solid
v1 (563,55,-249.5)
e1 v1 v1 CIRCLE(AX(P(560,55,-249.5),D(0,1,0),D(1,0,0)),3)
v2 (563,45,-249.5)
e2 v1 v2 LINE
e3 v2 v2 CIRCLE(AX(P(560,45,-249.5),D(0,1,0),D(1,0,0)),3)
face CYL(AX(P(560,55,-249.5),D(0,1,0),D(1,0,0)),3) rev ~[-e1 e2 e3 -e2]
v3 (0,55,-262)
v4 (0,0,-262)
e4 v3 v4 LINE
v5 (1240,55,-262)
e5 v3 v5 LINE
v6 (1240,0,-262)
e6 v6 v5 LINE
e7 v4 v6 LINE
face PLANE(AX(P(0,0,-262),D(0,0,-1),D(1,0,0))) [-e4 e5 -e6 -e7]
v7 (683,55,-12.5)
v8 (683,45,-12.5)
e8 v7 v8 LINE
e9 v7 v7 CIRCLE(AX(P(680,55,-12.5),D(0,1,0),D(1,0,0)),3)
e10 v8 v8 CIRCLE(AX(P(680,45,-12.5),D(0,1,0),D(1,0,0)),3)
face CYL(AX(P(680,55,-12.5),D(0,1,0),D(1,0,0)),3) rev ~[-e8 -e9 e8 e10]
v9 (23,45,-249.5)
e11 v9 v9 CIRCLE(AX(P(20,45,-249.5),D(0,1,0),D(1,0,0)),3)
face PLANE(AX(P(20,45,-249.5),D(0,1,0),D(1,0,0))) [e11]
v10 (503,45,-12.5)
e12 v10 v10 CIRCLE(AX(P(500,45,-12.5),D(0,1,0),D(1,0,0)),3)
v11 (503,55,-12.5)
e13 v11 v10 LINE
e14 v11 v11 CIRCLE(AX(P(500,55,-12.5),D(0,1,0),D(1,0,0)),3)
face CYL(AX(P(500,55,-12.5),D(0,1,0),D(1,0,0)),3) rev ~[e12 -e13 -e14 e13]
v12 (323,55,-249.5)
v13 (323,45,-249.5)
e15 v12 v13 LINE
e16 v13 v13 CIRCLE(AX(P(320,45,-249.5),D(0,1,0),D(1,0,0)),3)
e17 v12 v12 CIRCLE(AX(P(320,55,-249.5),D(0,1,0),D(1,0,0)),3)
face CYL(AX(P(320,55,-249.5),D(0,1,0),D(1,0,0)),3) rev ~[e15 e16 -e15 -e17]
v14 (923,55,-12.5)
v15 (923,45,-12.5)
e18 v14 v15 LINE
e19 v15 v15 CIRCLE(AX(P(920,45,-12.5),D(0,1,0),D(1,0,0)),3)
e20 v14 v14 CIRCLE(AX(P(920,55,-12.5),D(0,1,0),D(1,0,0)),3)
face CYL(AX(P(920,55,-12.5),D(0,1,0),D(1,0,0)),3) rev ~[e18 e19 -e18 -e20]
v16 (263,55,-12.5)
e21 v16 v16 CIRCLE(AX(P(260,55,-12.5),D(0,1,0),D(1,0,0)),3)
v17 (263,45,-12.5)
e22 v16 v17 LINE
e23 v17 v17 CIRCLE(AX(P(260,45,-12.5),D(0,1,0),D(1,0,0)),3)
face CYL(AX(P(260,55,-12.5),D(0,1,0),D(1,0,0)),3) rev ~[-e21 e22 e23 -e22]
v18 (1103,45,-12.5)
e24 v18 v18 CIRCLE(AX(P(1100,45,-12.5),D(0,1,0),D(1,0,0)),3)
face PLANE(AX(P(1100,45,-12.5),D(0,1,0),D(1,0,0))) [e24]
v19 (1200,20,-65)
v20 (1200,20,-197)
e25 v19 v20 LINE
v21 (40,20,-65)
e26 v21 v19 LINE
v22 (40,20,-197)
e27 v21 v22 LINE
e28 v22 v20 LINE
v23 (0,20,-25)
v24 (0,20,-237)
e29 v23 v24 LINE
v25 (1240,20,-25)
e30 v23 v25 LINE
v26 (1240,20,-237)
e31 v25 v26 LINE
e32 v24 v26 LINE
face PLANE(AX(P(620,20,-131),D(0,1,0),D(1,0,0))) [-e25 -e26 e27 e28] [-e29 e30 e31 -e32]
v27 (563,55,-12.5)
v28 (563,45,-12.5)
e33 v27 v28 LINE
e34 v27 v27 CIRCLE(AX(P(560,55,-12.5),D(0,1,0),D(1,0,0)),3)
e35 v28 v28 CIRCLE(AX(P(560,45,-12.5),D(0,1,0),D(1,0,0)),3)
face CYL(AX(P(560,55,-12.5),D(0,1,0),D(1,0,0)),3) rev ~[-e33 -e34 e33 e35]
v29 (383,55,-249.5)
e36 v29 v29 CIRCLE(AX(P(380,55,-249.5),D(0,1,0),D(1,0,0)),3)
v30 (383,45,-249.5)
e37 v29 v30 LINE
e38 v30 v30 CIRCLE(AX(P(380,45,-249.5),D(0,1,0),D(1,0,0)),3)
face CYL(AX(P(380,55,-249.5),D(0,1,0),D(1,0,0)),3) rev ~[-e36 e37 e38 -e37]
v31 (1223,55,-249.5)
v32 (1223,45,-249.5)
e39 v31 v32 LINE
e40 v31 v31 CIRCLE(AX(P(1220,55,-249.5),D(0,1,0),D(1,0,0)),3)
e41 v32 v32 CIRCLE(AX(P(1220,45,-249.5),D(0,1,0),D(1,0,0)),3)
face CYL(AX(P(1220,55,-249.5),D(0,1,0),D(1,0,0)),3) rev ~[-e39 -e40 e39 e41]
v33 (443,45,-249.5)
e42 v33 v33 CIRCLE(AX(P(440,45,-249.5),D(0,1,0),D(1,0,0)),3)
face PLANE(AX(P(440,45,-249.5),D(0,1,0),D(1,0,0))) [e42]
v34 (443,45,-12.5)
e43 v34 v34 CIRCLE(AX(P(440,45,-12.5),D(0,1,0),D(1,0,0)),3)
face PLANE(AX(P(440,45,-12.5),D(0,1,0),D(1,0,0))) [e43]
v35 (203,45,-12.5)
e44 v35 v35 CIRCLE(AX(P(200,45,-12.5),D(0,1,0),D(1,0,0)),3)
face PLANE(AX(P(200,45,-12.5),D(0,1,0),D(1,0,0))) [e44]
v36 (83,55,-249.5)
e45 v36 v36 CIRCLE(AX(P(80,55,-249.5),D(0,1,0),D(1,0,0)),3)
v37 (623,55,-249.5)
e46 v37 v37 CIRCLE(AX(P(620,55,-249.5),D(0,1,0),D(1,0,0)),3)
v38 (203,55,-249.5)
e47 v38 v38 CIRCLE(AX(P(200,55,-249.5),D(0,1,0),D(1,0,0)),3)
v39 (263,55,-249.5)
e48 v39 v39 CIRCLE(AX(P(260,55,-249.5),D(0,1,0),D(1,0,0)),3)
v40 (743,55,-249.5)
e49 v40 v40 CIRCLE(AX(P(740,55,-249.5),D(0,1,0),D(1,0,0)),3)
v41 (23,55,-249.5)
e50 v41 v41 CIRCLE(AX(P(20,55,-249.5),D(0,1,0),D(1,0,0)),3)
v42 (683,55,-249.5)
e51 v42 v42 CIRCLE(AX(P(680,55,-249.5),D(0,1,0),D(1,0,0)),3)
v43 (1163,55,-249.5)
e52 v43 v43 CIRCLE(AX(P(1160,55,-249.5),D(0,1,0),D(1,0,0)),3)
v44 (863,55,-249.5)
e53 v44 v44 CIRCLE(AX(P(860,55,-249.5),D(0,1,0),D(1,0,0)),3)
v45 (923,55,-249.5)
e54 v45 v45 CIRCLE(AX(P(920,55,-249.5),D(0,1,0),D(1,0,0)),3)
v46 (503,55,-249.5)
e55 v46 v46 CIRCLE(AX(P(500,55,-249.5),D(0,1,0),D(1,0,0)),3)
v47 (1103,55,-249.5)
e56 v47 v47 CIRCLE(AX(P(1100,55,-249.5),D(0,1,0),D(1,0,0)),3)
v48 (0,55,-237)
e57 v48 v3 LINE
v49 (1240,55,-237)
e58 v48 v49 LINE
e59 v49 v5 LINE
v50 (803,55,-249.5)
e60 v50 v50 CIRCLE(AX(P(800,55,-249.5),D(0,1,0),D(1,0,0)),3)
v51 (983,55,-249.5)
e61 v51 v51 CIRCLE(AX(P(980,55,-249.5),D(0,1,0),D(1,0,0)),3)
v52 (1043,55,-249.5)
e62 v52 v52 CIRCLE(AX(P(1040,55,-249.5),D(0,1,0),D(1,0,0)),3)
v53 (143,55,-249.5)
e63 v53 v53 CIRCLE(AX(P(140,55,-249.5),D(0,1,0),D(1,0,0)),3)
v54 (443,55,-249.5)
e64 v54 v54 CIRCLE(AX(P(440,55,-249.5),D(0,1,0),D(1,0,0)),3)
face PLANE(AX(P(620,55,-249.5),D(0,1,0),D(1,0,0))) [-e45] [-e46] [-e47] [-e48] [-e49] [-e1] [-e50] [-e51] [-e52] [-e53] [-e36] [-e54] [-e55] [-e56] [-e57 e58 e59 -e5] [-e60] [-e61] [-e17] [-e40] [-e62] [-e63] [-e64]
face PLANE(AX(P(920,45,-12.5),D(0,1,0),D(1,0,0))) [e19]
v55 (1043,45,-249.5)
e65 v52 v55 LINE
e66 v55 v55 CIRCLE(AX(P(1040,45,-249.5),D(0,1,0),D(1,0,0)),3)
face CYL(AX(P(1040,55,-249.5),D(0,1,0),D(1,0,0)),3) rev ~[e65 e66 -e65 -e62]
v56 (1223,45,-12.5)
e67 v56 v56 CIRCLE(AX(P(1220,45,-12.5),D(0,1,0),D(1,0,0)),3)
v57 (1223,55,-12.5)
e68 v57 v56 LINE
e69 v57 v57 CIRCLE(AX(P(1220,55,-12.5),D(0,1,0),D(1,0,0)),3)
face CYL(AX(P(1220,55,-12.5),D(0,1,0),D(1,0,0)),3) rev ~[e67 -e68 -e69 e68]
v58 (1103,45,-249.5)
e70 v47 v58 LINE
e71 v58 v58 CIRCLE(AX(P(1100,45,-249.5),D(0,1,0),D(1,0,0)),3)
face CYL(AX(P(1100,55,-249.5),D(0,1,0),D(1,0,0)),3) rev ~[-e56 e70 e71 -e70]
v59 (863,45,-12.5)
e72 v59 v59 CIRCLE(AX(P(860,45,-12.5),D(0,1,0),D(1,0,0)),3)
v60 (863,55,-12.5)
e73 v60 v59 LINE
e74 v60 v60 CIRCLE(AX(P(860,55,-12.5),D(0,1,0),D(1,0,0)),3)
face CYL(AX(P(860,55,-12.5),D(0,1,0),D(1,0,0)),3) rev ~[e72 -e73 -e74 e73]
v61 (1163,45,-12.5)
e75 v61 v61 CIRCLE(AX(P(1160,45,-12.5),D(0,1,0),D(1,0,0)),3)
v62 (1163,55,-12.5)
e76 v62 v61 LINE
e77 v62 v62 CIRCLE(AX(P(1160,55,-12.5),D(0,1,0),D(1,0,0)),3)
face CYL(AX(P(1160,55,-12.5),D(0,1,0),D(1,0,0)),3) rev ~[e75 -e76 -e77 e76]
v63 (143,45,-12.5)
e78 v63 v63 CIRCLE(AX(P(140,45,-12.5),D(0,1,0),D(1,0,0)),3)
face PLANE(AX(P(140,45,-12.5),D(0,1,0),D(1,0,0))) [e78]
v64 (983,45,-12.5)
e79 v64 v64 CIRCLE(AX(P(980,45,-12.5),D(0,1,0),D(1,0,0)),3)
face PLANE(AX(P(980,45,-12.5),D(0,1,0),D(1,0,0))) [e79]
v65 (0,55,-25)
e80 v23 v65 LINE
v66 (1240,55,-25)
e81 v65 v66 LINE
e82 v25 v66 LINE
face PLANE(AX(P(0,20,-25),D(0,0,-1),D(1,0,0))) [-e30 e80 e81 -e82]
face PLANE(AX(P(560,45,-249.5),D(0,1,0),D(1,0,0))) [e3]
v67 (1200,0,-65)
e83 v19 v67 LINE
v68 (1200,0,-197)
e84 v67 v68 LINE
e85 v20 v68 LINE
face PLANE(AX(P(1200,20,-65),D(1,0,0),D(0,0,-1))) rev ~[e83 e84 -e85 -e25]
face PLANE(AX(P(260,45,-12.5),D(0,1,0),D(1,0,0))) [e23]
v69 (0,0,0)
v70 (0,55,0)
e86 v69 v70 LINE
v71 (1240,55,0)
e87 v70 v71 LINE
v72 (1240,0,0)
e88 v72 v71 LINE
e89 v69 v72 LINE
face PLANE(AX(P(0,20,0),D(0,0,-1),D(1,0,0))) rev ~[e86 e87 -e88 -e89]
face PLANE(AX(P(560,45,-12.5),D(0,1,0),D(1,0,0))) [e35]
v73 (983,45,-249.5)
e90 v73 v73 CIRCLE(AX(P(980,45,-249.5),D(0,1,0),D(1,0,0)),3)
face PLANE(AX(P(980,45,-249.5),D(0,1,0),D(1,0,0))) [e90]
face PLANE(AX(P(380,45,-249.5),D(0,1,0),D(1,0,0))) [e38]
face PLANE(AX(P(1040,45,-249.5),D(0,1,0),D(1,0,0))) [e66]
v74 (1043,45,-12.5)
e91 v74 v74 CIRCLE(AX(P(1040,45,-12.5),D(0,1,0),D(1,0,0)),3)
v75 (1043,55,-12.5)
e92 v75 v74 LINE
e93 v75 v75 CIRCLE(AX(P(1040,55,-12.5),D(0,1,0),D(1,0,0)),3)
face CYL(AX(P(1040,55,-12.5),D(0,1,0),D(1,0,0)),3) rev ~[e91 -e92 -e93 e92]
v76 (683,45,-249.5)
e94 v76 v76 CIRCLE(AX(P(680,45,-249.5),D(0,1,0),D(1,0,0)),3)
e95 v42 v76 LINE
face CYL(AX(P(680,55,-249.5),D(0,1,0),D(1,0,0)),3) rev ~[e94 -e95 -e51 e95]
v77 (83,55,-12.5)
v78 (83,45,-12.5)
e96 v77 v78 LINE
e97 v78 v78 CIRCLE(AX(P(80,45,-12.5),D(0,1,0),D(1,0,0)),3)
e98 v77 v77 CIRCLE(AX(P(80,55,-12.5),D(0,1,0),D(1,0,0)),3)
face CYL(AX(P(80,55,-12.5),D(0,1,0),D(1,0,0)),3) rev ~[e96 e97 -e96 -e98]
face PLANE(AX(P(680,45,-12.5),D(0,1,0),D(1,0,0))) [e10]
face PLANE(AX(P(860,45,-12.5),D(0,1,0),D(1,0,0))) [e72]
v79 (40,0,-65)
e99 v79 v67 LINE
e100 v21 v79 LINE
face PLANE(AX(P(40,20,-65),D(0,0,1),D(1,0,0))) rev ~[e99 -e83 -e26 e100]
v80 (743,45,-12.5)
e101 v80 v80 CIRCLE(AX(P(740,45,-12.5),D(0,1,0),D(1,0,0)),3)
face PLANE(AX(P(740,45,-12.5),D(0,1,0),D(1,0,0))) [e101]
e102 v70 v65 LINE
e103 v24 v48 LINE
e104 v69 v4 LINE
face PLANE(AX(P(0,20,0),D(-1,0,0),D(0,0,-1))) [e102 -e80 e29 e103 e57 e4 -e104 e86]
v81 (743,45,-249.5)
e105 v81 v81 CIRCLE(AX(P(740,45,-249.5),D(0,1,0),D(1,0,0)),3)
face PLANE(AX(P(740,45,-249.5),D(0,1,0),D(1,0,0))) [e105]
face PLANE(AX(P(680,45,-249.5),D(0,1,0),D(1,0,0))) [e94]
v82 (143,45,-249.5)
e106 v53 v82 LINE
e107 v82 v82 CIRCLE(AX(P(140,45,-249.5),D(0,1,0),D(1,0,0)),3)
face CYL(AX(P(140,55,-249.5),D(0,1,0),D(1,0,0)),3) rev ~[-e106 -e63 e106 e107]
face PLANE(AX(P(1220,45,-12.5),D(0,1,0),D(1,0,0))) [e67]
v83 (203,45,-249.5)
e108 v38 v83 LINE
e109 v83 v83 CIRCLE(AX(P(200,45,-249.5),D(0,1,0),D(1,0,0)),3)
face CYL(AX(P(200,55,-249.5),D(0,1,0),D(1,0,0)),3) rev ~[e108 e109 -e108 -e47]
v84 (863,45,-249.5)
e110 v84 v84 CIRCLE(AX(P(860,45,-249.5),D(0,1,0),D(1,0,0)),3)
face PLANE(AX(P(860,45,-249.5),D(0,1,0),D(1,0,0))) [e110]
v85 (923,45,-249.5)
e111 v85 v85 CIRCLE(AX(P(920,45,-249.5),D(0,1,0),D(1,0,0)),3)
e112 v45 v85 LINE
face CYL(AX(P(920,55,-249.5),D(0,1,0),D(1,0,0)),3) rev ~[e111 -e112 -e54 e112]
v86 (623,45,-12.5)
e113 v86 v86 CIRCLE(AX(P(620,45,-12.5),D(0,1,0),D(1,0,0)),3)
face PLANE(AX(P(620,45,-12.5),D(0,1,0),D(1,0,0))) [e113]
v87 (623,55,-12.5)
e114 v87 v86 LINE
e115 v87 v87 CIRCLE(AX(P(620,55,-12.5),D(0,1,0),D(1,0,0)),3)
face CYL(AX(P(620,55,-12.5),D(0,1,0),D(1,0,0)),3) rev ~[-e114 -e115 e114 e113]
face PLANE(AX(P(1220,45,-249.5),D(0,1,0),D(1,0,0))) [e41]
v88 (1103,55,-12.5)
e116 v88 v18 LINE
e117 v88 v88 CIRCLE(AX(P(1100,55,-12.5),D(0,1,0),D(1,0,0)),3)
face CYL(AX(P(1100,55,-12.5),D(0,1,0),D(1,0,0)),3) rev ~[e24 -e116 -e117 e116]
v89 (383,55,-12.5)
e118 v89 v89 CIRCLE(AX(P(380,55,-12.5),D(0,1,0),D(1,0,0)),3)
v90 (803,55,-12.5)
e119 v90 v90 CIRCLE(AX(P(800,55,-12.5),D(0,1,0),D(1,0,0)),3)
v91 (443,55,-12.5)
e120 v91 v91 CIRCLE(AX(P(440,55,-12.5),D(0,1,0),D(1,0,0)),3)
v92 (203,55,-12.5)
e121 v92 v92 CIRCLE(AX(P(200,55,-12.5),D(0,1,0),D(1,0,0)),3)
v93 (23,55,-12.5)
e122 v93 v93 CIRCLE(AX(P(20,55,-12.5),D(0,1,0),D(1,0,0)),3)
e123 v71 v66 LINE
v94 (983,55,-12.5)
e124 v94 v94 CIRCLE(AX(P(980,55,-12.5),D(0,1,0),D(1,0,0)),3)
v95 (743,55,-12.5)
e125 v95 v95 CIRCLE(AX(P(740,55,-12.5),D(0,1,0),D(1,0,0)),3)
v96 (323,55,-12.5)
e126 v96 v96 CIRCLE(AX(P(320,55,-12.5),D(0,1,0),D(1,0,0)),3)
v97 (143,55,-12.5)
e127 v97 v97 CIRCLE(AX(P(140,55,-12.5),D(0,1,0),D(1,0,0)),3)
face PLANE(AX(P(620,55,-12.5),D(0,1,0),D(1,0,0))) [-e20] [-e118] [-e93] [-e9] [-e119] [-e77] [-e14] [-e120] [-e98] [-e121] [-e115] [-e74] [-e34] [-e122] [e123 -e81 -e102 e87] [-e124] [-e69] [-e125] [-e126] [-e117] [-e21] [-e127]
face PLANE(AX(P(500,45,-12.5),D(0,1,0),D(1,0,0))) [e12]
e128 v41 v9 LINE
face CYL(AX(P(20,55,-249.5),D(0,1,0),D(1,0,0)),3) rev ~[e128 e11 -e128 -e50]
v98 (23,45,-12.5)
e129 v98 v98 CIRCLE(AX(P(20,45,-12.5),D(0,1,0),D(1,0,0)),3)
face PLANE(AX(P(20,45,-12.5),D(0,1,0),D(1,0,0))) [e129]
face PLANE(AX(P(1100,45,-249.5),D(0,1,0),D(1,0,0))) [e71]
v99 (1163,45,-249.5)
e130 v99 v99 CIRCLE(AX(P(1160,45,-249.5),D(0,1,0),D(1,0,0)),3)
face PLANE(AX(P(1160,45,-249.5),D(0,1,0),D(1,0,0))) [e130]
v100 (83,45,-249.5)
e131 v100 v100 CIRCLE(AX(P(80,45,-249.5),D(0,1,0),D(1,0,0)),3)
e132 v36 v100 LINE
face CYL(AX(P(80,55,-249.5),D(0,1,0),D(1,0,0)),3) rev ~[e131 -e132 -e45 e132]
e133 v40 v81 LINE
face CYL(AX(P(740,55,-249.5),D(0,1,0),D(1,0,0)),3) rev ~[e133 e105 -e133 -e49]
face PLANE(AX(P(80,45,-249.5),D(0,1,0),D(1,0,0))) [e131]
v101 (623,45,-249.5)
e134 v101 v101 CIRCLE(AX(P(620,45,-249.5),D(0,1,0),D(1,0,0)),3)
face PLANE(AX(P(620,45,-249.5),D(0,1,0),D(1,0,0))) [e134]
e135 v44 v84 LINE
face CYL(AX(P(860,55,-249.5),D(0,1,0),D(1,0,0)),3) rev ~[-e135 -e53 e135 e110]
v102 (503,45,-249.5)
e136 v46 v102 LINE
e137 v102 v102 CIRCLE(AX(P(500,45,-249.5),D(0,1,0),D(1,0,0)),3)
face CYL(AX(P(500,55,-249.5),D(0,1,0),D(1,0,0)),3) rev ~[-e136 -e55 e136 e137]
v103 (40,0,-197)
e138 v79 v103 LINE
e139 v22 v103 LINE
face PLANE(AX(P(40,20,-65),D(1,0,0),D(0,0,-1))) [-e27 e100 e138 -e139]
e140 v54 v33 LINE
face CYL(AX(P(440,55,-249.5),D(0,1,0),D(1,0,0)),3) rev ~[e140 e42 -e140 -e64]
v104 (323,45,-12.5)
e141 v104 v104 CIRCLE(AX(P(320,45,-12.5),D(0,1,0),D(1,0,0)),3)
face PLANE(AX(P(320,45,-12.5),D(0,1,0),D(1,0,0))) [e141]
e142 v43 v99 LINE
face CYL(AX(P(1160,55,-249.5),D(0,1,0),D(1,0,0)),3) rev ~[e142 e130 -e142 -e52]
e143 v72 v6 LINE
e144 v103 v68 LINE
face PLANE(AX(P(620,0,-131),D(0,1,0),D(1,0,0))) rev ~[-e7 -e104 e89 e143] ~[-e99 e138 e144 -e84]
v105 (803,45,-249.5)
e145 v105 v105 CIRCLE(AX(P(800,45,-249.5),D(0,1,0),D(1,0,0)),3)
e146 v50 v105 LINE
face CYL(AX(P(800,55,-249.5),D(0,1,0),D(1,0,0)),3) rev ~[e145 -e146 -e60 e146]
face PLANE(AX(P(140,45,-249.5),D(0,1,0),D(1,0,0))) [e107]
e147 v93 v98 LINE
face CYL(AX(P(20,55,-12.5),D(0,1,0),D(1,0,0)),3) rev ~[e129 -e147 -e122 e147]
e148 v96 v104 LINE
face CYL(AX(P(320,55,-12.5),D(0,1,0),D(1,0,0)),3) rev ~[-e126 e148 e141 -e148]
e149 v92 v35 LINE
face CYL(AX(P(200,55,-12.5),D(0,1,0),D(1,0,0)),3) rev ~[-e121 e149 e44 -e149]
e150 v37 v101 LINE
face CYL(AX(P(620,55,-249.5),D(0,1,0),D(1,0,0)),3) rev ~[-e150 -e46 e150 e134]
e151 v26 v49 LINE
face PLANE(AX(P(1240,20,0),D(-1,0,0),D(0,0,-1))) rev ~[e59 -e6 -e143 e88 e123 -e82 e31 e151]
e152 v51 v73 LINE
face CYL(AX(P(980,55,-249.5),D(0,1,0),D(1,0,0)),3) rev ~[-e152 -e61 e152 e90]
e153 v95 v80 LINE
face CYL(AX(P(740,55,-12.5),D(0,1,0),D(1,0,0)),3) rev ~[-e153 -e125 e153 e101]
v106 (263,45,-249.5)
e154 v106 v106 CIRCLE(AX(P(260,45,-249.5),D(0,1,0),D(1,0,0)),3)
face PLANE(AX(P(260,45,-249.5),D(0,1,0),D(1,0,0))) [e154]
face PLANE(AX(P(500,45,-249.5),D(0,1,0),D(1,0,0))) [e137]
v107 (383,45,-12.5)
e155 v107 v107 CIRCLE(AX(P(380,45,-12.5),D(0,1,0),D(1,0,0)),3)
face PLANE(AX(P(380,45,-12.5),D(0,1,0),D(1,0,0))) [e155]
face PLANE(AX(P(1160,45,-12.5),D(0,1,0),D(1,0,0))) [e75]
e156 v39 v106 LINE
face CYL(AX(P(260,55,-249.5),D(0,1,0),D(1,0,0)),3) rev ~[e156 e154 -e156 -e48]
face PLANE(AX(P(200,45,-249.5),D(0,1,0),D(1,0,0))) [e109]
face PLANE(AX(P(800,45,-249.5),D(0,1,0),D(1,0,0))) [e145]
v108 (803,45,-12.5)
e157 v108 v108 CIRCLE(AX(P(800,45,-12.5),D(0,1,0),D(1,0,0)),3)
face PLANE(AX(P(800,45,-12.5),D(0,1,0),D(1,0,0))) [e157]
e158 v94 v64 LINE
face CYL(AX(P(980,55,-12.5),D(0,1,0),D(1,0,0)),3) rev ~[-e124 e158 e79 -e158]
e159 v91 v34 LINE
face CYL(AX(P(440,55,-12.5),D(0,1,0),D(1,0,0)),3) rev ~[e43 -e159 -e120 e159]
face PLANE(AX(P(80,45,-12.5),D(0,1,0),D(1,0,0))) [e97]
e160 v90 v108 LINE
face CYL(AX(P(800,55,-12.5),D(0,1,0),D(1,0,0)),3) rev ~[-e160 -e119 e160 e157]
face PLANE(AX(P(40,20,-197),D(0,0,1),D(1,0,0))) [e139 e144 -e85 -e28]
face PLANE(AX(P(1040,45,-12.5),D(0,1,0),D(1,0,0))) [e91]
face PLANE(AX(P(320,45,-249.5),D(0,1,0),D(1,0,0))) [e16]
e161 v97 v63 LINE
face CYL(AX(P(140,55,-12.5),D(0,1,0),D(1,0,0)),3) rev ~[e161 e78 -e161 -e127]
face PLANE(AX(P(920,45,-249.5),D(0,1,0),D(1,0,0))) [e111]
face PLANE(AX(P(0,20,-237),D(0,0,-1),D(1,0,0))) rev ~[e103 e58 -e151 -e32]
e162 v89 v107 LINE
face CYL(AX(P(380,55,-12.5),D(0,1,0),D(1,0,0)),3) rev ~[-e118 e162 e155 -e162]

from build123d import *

# Parameters (mm, degrees)
SKETCH1_W           = 1240
SKETCH1_H           = 262
BOSS_EXTRUDE1_DEPTH = 20
SKETCH2_W           = 1240
SKETCH2_H           = 25
BOSS_EXTRUDE2_DEPTH = 35
SKETCH3_R           = 3
CUT_EXTRUDE1_DEPTH  = 10
SKETCH4_R           = 3
CUT_EXTRUDE2_DEPTH  = 10
SKETCH5_W           = 1160
SKETCH5_H           = 132
CUT_EXTRUDE3_DEPTH  = 21


with BuildPart() as part:
    # Sketch1 → Boss-Extrude1 (new body)
    with BuildSketch(Plane(origin=(0, 0, 0), x_dir=(1, 0, 0), z_dir=(0, 1, 0))):
        with Locations((620, 131)):
            Rectangle(SKETCH1_W, SKETCH1_H)
    extrude(amount=BOSS_EXTRUDE1_DEPTH)

    # Sketch2 → Boss-Extrude2 (add)
    with BuildSketch(Plane(origin=(0, 20, 0), x_dir=(1, 0, 0), z_dir=(0, 1, 0))):
        with Locations((620, 12.5)):
            Rectangle(SKETCH2_W, SKETCH2_H)
        with Locations((620, 249.5)):
            Rectangle(SKETCH2_W, SKETCH2_H)
    extrude(amount=BOSS_EXTRUDE2_DEPTH)

    # Sketch3 → Cut-Extrude1 (cut)
    with BuildSketch(Plane(origin=(0, 55, 0), x_dir=(1, 0, 0), z_dir=(0, 1, 0))):
        with Locations((20, 12.5)):
            Circle(SKETCH3_R)
        with Locations((80, 12.5)):
            Circle(SKETCH3_R)
        with Locations((140, 12.5)):
            Circle(SKETCH3_R)
        with Locations((200, 12.5)):
            Circle(SKETCH3_R)
        with Locations((260, 12.5)):
            Circle(SKETCH3_R)
        with Locations((320, 12.5)):
            Circle(SKETCH3_R)
        with Locations((380, 12.5)):
            Circle(SKETCH3_R)
        with Locations((440, 12.5)):
            Circle(SKETCH3_R)
        with Locations((500, 12.5)):
            Circle(SKETCH3_R)
        with Locations((560, 12.5)):
            Circle(SKETCH3_R)
        with Locations((620, 12.5)):
            Circle(SKETCH3_R)
        with Locations((680, 12.5)):
            Circle(SKETCH3_R)
        with Locations((740, 12.5)):
            Circle(SKETCH3_R)
        with Locations((800, 12.5)):
            Circle(SKETCH3_R)
        with Locations((860, 12.5)):
            Circle(SKETCH3_R)
        with Locations((920, 12.5)):
            Circle(SKETCH3_R)
        with Locations((980, 12.5)):
            Circle(SKETCH3_R)
        with Locations((1040, 12.5)):
            Circle(SKETCH3_R)
        with Locations((1100, 12.5)):
            Circle(SKETCH3_R)
        with Locations((1160, 12.5)):
            Circle(SKETCH3_R)
        with Locations((1220, 12.5)):
            Circle(SKETCH3_R)
    extrude(amount=-CUT_EXTRUDE1_DEPTH, mode=Mode.SUBTRACT)

    # Sketch4 → Cut-Extrude2 (cut)
    with BuildSketch(Plane(origin=(0, 55, 0), x_dir=(1, 0, 0), z_dir=(0, 1, 0))):
        with Locations((20, 249.5)):
            Circle(SKETCH4_R)
        with Locations((80, 249.5)):
            Circle(SKETCH4_R)
        with Locations((140, 249.5)):
            Circle(SKETCH4_R)
        with Locations((200, 249.5)):
            Circle(SKETCH4_R)
        with Locations((260, 249.5)):
            Circle(SKETCH4_R)
        with Locations((320, 249.5)):
            Circle(SKETCH4_R)
        with Locations((380, 249.5)):
            Circle(SKETCH4_R)
        with Locations((440, 249.5)):
            Circle(SKETCH4_R)
        with Locations((500, 249.5)):
            Circle(SKETCH4_R)
        with Locations((560, 249.5)):
            Circle(SKETCH4_R)
        with Locations((620, 249.5)):
            Circle(SKETCH4_R)
        with Locations((680, 249.5)):
            Circle(SKETCH4_R)
        with Locations((740, 249.5)):
            Circle(SKETCH4_R)
        with Locations((800, 249.5)):
            Circle(SKETCH4_R)
        with Locations((860, 249.5)):
            Circle(SKETCH4_R)
        with Locations((920, 249.5)):
            Circle(SKETCH4_R)
        with Locations((980, 249.5)):
            Circle(SKETCH4_R)
        with Locations((1040, 249.5)):
            Circle(SKETCH4_R)
        with Locations((1100, 249.5)):
            Circle(SKETCH4_R)
        with Locations((1160, 249.5)):
            Circle(SKETCH4_R)
        with Locations((1220, 249.5)):
            Circle(SKETCH4_R)
    extrude(amount=-CUT_EXTRUDE2_DEPTH, mode=Mode.SUBTRACT)

    # Sketch5 → Cut-Extrude3 (cut, through all)
    with BuildSketch(Plane(origin=(0, 20, 0), x_dir=(1, 0, 0), z_dir=(0, 1, 0))):
        with Locations((620, 131)):
            Rectangle(SKETCH5_W, SKETCH5_H)
    extrude(amount=-CUT_EXTRUDE3_DEPTH, mode=Mode.SUBTRACT)


solid = part.part
